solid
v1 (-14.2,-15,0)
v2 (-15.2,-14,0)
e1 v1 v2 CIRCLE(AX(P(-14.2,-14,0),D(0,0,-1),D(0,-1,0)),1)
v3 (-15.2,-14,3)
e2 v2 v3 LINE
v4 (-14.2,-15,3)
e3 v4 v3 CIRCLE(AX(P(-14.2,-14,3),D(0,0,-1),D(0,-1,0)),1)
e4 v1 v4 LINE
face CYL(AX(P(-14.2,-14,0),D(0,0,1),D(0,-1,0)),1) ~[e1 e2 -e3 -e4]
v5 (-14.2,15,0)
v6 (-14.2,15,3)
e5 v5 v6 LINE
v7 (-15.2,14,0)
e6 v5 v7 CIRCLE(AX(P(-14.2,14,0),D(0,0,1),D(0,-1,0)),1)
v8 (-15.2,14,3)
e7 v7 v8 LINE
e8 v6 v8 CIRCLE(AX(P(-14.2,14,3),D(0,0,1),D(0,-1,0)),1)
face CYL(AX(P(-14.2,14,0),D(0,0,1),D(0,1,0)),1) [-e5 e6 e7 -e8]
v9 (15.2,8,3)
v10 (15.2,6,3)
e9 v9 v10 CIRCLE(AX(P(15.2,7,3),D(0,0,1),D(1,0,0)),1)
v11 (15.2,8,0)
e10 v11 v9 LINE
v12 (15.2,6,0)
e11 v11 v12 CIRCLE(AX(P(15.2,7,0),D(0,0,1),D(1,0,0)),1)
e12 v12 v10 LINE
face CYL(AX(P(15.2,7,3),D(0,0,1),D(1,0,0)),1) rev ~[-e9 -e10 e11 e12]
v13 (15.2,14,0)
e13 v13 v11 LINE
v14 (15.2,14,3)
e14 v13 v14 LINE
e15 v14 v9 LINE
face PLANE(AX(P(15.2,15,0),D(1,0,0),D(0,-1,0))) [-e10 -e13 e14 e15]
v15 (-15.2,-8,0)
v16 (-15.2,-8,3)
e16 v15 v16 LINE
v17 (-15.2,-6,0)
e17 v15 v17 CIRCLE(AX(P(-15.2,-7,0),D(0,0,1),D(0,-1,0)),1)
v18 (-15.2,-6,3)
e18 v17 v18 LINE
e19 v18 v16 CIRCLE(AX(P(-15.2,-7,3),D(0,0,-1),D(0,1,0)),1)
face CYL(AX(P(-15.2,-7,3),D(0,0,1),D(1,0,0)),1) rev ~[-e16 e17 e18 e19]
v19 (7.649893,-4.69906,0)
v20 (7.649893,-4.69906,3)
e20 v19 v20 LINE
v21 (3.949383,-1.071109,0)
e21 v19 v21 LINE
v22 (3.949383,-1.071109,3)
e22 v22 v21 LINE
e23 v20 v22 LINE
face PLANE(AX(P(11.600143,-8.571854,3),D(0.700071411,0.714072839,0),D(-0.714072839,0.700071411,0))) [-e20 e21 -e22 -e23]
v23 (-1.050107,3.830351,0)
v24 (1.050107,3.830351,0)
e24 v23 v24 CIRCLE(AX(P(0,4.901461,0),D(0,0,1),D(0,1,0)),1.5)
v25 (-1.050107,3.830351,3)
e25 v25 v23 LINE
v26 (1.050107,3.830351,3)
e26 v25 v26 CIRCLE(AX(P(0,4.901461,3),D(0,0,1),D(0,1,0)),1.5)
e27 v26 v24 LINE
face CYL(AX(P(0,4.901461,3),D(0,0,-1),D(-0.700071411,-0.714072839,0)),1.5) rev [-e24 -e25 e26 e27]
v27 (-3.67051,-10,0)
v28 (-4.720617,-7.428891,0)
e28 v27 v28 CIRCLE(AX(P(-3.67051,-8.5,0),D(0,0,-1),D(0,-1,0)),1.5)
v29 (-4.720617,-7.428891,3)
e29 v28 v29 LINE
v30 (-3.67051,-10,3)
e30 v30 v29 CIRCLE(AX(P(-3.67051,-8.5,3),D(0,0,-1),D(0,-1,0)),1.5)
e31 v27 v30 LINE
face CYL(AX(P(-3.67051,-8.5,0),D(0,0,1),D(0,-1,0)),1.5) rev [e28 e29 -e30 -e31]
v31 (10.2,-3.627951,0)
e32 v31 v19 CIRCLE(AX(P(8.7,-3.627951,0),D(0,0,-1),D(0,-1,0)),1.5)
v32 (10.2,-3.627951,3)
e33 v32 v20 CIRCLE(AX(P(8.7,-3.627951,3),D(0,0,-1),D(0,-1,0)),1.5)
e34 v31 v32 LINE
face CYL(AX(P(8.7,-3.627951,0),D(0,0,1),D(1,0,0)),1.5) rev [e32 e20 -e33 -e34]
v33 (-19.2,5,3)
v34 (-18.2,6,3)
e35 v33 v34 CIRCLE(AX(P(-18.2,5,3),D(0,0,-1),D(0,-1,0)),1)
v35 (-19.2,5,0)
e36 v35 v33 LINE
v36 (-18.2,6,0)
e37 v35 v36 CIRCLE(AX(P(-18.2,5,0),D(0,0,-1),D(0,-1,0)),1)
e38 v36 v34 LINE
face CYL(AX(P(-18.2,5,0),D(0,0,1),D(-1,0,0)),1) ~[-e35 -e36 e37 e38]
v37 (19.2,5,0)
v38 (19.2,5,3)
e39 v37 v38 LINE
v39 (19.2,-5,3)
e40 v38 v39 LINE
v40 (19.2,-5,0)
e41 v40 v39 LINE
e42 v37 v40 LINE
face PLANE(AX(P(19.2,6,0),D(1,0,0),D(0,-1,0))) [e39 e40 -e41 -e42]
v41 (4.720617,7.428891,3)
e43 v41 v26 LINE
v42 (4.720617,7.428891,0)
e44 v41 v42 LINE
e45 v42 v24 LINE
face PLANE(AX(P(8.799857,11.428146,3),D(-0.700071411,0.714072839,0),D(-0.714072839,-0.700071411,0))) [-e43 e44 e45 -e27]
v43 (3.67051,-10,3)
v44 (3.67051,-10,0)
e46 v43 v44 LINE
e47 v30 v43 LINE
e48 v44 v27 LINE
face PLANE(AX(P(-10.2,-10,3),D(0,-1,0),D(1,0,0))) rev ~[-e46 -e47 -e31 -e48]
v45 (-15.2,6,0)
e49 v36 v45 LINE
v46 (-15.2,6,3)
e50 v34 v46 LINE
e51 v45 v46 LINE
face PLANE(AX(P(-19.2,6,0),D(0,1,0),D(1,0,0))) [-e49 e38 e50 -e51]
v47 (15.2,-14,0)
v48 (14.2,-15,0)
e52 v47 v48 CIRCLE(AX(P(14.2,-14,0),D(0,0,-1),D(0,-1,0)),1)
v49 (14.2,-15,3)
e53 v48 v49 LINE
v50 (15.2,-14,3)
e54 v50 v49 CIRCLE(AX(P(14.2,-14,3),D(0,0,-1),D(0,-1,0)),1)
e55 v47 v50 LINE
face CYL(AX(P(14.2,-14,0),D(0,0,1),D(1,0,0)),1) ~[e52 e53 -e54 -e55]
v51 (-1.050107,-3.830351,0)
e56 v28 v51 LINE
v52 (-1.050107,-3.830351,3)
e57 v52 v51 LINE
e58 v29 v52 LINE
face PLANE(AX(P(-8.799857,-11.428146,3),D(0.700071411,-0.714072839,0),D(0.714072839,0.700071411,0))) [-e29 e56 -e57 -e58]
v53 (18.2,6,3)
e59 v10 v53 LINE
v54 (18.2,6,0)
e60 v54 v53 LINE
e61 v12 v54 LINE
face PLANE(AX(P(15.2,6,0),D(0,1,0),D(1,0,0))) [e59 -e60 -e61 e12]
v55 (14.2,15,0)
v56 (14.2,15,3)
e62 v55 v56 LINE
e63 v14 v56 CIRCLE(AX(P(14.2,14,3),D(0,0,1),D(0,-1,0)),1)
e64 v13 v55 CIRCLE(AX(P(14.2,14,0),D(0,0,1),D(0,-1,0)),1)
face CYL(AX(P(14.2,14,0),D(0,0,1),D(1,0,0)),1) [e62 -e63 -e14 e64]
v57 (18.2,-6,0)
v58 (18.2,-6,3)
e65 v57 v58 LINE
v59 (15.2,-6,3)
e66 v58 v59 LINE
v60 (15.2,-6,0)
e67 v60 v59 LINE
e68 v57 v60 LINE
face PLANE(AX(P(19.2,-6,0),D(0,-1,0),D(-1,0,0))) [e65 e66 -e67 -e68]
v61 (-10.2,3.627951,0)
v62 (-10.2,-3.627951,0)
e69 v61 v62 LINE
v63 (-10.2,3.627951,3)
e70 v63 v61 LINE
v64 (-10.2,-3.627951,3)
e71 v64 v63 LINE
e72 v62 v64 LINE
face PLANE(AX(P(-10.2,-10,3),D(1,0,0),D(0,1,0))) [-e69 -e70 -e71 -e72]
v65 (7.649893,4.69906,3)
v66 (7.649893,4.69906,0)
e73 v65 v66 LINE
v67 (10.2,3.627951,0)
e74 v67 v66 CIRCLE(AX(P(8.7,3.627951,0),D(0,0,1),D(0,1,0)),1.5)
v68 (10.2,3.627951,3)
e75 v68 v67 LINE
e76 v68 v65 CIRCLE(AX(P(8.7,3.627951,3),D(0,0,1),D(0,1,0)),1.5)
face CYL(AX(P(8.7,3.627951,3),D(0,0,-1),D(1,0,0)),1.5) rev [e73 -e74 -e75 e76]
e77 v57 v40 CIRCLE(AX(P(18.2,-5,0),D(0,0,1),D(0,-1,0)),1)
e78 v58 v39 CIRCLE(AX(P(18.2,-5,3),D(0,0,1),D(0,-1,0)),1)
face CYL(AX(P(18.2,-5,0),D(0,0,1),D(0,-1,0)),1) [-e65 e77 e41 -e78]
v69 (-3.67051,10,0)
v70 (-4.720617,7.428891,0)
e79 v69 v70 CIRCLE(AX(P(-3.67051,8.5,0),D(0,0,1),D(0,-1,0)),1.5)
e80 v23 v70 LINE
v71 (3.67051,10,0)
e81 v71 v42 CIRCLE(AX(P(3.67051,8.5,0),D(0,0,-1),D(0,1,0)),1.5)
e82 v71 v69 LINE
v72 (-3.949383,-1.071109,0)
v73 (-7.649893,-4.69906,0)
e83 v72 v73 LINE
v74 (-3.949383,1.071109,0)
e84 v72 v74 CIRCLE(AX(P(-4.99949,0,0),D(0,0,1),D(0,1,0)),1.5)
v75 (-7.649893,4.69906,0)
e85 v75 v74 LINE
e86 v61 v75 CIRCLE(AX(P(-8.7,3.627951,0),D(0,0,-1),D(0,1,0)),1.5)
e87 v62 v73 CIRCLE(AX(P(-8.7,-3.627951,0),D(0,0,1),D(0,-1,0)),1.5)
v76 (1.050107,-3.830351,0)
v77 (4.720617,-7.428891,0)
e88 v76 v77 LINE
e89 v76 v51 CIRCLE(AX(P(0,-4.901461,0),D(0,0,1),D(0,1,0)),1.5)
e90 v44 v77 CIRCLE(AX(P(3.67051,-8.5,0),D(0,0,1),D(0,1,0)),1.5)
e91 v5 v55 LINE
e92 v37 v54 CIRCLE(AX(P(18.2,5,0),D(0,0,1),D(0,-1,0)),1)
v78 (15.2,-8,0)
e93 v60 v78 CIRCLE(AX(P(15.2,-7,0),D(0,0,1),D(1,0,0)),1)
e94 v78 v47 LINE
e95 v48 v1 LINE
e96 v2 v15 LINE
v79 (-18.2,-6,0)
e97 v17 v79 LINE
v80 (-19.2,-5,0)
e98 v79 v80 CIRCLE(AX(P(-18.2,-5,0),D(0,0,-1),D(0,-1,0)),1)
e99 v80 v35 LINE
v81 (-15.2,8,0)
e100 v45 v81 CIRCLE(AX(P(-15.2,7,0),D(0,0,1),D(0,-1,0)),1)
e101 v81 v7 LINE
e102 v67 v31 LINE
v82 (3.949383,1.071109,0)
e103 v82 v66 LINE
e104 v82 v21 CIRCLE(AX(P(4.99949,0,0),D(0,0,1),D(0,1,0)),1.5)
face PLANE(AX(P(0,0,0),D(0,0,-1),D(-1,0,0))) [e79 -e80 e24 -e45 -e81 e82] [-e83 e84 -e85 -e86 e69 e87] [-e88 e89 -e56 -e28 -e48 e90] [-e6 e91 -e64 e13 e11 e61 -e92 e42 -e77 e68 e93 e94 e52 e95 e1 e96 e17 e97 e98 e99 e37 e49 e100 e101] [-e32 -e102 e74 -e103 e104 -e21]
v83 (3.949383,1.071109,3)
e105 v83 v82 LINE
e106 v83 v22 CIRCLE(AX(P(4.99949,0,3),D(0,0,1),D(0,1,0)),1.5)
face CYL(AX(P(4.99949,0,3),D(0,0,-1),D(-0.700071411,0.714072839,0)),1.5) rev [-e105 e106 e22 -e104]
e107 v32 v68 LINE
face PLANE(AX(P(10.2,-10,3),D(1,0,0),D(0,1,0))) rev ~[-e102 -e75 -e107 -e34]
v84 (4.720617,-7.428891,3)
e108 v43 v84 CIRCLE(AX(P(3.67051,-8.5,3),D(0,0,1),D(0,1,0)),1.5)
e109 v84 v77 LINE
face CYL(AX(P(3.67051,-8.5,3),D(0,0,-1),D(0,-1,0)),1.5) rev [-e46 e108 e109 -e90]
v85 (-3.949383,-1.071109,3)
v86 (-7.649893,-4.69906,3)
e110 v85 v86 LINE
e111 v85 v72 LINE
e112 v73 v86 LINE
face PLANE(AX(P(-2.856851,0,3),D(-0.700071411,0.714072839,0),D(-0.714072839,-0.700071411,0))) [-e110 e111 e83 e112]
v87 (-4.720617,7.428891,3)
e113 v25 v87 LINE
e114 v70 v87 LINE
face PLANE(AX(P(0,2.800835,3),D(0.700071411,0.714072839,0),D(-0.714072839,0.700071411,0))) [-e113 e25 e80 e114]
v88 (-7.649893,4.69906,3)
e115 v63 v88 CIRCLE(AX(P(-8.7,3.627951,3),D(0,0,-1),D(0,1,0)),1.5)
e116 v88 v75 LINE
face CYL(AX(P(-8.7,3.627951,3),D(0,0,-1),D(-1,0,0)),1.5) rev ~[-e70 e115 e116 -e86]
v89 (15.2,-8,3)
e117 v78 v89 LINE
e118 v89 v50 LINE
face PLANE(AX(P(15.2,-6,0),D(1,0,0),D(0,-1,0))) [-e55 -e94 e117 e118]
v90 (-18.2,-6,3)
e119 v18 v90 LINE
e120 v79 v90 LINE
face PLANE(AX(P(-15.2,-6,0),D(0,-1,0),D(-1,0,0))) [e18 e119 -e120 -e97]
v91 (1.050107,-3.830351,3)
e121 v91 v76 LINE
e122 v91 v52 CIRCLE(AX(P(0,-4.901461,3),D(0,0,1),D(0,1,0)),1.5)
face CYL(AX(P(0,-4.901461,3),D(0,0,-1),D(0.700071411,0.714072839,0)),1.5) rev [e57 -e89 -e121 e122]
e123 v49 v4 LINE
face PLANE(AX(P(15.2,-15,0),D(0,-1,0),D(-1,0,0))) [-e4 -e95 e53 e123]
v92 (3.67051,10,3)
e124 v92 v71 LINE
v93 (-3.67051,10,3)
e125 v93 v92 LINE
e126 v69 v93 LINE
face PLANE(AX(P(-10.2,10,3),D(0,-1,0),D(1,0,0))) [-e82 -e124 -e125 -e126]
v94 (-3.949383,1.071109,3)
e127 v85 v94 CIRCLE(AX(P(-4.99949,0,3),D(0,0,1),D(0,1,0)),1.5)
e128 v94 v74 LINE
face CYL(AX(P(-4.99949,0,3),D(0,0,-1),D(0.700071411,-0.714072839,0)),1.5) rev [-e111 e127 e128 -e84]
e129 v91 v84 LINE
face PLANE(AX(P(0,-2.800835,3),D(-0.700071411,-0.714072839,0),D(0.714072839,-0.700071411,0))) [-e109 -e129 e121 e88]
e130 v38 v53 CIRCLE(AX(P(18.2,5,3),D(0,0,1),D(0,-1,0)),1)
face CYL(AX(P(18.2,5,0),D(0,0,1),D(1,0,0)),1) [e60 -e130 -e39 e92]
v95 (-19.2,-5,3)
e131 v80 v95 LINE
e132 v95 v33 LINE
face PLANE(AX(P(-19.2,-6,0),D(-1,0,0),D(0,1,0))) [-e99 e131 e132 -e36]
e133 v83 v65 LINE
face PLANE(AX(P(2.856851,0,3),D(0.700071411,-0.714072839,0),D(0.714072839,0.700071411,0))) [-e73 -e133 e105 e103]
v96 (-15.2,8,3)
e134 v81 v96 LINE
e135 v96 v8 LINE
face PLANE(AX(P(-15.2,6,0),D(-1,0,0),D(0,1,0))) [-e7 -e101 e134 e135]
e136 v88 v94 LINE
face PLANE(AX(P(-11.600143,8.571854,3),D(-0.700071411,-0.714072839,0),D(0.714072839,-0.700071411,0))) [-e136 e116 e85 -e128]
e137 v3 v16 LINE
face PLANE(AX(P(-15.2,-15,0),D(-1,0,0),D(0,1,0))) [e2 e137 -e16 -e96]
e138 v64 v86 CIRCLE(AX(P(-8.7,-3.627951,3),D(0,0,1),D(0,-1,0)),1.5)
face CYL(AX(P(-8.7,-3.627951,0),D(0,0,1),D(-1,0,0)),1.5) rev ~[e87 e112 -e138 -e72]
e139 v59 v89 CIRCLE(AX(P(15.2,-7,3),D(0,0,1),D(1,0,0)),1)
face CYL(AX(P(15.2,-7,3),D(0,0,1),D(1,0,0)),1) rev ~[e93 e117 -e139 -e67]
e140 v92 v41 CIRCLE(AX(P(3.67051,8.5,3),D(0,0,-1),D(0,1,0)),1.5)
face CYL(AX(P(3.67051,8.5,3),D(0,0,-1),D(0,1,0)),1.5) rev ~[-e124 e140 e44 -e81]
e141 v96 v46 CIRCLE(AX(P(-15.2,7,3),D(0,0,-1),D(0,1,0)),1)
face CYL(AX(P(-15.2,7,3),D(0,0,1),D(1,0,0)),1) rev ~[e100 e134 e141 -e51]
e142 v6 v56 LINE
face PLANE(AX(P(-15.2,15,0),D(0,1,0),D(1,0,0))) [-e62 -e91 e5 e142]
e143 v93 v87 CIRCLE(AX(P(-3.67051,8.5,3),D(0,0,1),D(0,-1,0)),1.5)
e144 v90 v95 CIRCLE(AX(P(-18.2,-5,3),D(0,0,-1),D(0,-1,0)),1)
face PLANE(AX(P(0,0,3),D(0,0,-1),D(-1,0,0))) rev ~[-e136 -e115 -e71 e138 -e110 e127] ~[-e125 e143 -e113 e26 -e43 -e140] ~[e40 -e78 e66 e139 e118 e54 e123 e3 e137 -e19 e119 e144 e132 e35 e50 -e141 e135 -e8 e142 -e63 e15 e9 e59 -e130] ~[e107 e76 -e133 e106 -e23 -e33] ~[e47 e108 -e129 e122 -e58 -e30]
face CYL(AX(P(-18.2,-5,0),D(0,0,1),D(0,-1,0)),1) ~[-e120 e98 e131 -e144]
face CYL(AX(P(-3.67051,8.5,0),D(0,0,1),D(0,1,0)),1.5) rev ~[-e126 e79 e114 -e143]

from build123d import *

# Parameters (mm, degrees)
EXTRUDE_1_DEPTH     = 3
SKETCH_2_R          = 1
CUT_EXTRUDE_1_DEPTH = 4
SKETCH_3_W          = 20.4
SKETCH_3_H          = 20
CUT_EXTRUDE_2_DEPTH = 4
EXTRUDE_1_2_DEPTH   = 3
FILLET_1_R          = 1
FILLET_2_R          = 1.5


with BuildPart() as part:
    # 草图1 → Extrude 1 (new body)
    with BuildSketch(Plane.XY):
        Polygon((15.2, -15), (-15.2, -15), (-15.2, -6), (-19.2, -6), (-19.2, 6), (-15.2, 6), (-15.2, 15), (15.2, 15), (15.2, 6), (19.2, 6), (19.2, -6), (15.2, -6), align=None)
    extrude(amount=EXTRUDE_1_DEPTH)

    # 草图2 → 切除-拉伸1 (cut, through all)
    with BuildSketch(Plane.XY.offset(3)):
        with Locations((-15.2, 7)):
            Circle(SKETCH_2_R)
        with Locations((-15.2, -7)):
            Circle(SKETCH_2_R)
        with Locations((15.2, -7)):
            Circle(SKETCH_2_R)
        with Locations((15.2, 7)):
            Circle(SKETCH_2_R)
    extrude(amount=-CUT_EXTRUDE_1_DEPTH, mode=Mode.SUBTRACT)

    # 草图3 → 切除-拉伸2 (cut, through all)
    with BuildSketch(Plane.XY.offset(3)):
        Rectangle(SKETCH_3_W, SKETCH_3_H)
    extrude(amount=-CUT_EXTRUDE_2_DEPTH, mode=Mode.SUBTRACT)

    # 草图4 → Extrude 1 2 (add)
    with BuildSketch(Plane.XY.offset(3)):
        Polygon((-11.600142822, 8.571854322), (8.799857178, -11.428145678), (11.600142822, -8.571854322), (-8.799857178, 11.428145678), align=None)
        Polygon((-8.799857178, -11.428145678), (11.600142822, 8.571854322), (8.799857178, 11.428145678), (-11.600142822, -8.571854322), align=None)
    extrude(amount=-EXTRUDE_1_2_DEPTH)

    # 圆角1
    fillet_1_edges = [part.edges().sort_by_distance(p)[0] for p in [
        (-15.2, 15, 1.5),
        (15.2, 15, 1.5),
        (19.2, 6, 1.5),
        (19.2, -6, 1.5),
        (15.2, -15, 1.5),
        (-15.2, -15, 1.5),
        (-19.2, -6, 1.5),
        (-19.2, 6, 1.5),
    ]]
    fillet(fillet_1_edges, radius=FILLET_1_R)

    # 圆角2
    fillet_2_edges = [part.edges().sort_by_distance(p)[0] for p in [
        (-2.856851414, 0, 1.5),
        (0, 2.800834719, 1.5),
        (2.856851414, 0, 1.5),
        (0, -2.800834719, 1.5),
        (-7.343148586, -10, 1.5),
        (7.343148586, -10, 1.5),
        (10.2, 7.199165281, 1.5),
        (10.2, -7.199165281, 1.5),
        (7.343148586, 10, 1.5),
        (-7.343148586, 10, 1.5),
        (-10.2, -7.199165281, 1.5),
        (-10.2, 7.199165281, 1.5),
    ]]
    fillet(fillet_2_edges, radius=FILLET_2_R)


solid = part.part
